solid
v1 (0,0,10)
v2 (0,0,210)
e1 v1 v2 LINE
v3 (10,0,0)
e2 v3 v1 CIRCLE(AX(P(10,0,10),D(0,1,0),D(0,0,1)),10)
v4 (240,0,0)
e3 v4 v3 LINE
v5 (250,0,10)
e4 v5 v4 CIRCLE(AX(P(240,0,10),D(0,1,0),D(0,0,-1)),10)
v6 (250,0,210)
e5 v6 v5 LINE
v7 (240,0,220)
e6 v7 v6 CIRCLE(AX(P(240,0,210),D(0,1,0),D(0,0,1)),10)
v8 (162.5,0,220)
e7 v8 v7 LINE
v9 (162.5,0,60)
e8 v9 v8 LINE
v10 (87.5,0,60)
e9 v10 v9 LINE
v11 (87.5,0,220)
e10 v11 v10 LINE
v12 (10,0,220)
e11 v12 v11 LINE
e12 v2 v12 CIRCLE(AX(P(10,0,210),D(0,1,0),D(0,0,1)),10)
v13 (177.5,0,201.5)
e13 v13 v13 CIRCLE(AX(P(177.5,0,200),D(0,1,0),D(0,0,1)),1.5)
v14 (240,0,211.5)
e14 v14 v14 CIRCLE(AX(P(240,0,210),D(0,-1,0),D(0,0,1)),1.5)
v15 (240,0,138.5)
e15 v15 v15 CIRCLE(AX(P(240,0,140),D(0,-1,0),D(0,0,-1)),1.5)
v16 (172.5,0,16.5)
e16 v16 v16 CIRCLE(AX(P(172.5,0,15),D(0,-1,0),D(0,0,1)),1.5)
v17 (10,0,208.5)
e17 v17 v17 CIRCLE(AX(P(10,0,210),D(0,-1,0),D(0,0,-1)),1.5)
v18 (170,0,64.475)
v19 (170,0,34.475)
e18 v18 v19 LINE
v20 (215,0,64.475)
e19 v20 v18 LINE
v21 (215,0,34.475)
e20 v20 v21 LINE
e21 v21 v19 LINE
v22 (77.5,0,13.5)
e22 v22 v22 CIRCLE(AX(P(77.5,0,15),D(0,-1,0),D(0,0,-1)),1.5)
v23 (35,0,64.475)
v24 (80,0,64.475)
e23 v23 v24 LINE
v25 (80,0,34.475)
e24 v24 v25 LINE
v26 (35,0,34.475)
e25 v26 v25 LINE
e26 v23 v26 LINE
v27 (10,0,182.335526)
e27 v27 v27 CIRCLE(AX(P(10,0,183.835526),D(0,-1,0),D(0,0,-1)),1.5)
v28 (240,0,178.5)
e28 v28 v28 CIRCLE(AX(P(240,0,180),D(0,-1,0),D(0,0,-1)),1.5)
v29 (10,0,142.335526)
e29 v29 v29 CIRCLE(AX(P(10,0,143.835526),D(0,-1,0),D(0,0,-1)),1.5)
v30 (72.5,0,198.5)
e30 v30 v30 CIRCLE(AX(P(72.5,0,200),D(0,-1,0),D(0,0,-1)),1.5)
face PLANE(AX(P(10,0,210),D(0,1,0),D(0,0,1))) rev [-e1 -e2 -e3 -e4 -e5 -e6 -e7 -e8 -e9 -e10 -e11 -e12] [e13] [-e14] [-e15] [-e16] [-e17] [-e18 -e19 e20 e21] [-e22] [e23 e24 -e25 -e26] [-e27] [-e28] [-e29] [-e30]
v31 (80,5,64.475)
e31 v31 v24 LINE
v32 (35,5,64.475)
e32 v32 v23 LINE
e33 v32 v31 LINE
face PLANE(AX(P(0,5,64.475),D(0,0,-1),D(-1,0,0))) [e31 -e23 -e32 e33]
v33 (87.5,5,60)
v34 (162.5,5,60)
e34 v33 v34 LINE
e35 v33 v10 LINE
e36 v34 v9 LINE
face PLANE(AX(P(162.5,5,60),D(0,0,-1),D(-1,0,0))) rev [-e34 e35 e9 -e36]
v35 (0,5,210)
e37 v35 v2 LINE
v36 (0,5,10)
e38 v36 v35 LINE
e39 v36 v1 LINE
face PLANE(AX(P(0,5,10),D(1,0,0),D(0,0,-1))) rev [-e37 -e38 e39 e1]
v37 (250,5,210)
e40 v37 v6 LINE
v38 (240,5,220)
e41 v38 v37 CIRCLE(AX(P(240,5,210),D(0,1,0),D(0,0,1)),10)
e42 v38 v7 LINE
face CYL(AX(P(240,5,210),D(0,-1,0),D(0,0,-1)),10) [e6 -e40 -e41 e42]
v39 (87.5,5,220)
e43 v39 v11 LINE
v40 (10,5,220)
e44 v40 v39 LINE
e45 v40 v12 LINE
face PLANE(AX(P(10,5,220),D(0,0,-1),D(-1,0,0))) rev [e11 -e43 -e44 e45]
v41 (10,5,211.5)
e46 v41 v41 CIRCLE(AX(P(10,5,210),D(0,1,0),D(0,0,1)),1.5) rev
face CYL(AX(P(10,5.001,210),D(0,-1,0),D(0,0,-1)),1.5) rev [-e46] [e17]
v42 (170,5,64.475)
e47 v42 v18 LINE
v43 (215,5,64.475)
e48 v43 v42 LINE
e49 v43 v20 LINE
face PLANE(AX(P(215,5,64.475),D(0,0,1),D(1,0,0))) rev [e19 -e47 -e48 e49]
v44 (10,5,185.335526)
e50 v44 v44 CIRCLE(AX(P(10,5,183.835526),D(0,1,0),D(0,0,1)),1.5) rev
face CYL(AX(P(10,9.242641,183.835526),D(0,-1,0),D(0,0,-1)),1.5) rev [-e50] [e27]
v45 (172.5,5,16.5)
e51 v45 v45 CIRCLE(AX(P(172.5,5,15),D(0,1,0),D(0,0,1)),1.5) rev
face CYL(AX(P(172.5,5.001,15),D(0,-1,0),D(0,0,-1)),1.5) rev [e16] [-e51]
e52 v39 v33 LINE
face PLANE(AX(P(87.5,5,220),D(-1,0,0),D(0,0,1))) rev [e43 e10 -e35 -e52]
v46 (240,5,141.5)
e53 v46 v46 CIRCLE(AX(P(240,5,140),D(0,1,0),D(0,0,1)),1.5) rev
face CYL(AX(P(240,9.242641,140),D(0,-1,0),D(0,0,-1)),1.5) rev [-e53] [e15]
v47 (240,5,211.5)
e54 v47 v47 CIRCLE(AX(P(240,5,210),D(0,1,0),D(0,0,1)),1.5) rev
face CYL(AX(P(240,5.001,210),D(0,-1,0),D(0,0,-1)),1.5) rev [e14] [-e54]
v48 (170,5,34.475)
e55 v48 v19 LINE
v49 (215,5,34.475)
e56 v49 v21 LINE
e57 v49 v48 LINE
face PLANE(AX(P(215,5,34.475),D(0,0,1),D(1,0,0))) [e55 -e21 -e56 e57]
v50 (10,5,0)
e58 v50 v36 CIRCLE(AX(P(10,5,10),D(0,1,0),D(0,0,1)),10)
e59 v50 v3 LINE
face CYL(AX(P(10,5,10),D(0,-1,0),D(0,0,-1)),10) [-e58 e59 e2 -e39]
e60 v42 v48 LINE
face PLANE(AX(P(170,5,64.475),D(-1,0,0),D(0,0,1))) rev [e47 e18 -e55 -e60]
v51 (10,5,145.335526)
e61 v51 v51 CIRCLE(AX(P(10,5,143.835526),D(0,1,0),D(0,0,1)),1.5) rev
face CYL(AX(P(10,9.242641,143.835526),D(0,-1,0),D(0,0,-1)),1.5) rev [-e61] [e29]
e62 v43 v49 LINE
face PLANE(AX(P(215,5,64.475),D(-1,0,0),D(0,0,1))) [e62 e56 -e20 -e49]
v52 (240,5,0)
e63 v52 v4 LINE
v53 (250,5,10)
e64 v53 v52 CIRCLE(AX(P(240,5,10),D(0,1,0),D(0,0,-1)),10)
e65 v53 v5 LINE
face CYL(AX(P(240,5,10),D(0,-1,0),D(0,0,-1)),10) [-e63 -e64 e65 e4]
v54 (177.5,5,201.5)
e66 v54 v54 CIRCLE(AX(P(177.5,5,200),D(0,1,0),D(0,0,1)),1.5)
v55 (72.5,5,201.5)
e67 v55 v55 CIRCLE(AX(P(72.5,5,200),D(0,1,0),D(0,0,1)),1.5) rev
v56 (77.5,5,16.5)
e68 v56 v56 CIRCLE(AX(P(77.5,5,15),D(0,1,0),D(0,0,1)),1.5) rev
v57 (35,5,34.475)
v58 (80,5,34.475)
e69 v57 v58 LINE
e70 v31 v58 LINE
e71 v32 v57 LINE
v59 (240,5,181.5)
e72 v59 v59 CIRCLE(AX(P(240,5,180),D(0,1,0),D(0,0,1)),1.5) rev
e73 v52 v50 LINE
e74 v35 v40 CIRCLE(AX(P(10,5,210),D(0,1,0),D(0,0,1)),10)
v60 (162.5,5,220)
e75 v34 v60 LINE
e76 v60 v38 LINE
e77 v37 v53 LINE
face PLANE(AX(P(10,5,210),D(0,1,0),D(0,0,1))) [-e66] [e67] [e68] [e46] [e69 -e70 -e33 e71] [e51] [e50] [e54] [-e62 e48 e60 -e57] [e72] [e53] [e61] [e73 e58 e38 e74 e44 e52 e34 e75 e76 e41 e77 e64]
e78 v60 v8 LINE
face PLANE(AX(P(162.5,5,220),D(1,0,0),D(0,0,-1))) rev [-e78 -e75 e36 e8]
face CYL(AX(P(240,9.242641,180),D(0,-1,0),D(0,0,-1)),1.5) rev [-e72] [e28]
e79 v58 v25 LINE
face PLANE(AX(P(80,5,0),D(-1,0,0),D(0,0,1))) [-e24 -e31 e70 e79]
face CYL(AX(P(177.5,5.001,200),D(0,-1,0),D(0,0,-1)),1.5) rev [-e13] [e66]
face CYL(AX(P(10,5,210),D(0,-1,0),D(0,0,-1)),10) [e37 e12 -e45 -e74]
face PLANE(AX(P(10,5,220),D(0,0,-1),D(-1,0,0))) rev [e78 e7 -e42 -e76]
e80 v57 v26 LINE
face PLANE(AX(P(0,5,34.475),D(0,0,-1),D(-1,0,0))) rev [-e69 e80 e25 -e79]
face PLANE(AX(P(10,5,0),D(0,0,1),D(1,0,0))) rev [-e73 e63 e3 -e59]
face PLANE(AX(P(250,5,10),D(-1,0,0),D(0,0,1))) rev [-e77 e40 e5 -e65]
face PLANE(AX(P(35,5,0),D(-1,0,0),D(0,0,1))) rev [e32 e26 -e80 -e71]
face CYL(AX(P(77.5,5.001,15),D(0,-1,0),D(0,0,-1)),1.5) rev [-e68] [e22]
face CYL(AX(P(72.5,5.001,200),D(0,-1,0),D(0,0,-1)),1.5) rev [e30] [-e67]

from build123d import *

# Parameters (mm, degrees)
EXTRUDE_1_DEPTH      = 5
SKETCH_4_W           = 45
SKETCH_4_H           = 30
CUT_EXTRUDE_3_DEPTH  = 5
SKETCH_5_W           = 75
SKETCH_5_H           = 160
CUT_EXTRUDE_4_DEPTH  = 5
CUT_EXTRUDE_5_REACH  = 335.054
SKETCH_6_R           = 1.5
CUT_EXTRUDE_9_REACH  = 335.054
SKETCH_9_R           = 1.5
SKETCH_11_R          = 1.5
CUT_EXTRUDE_10_DEPTH = 5


with BuildPart() as part:
    # 草图1 → 凸台-拉伸1 (new body)
    with BuildSketch(Plane(origin=(0, 0, 0), x_dir=(1, 0, 0), z_dir=(0, 1, 0))):
        with BuildLine():
            Line((10, 0), (240, 0))
            ThreePointArc((240, 0), (247.071067812, -2.928932188), (250, -10))
            Line((250, -10), (250, -210))
            ThreePointArc((250, -210), (247.071067812, -217.071067812), (240, -220))
            Line((240, -220), (10, -220))
            ThreePointArc((10, -220), (2.928932188, -217.071067812), (0, -210))
            Line((0, -210), (0, -10))
            ThreePointArc((0, -10), (2.928932188, -2.928932188), (10, 0))
        make_face()
    extrude(amount=EXTRUDE_1_DEPTH)

    # 草图4 → 切除-拉伸3 (cut)
    with BuildSketch(Plane.XZ):
        with Locations((192.5, 49.475)):
            Rectangle(SKETCH_4_W, SKETCH_4_H)
        with Locations((57.5, 49.475)):
            Rectangle(SKETCH_4_W, SKETCH_4_H)
    extrude(amount=-CUT_EXTRUDE_3_DEPTH, mode=Mode.SUBTRACT)

    # 草图5 → 切除-拉伸4 (cut)
    with BuildSketch(Plane.XZ):
        with Locations((125, 140)):
            Rectangle(SKETCH_5_W, SKETCH_5_H)
    extrude(amount=-CUT_EXTRUDE_4_DEPTH, mode=Mode.SUBTRACT)

    # 草图6 → 切除-拉伸5 (cut, up to next)
    with BuildSketch(Plane.XZ, mode=Mode.PRIVATE) as cut_extrude_5_sk1:
        with Locations(Location((72.5, 200, 0), (0, 0, 270))):
            Circle(SKETCH_6_R)
    cut_extrude_5_tool1 = extrude(cut_extrude_5_sk1.sketch, amount=-CUT_EXTRUDE_5_REACH, mode=Mode.PRIVATE) & part.part
    # 草图6 → 切除-拉伸5 (cut, up to next)
    with BuildSketch(Plane.XZ, mode=Mode.PRIVATE) as cut_extrude_5_sk2:
        with Locations(Location((177.5, 200, 0), (0, 0, 90))):
            Circle(SKETCH_6_R)
    cut_extrude_5_tool2 = extrude(cut_extrude_5_sk2.sketch, amount=-CUT_EXTRUDE_5_REACH, mode=Mode.PRIVATE) & part.part
    add(cut_extrude_5_tool1.solids().sort_by_distance((72.5, 0, 200))[0], mode=Mode.SUBTRACT)
    add(cut_extrude_5_tool2.solids().sort_by_distance((177.5, 0, 200))[0], mode=Mode.SUBTRACT)

    # 草图9 → 切除-拉伸9 (cut, up to next)
    with BuildSketch(Plane.XZ, mode=Mode.PRIVATE) as cut_extrude_9_sk1:
        with Locations(Location((77.5, 15, 0), (0, 0, 270))):
            Circle(SKETCH_9_R)
    cut_extrude_9_tool1 = extrude(cut_extrude_9_sk1.sketch, amount=-CUT_EXTRUDE_9_REACH, mode=Mode.PRIVATE) & part.part
    # 草图9 → 切除-拉伸9 (cut, up to next)
    with BuildSketch(Plane.XZ, mode=Mode.PRIVATE) as cut_extrude_9_sk2:
        with Locations(Location((10, 210, 0), (0, 0, 270))):
            Circle(SKETCH_9_R)
    cut_extrude_9_tool2 = extrude(cut_extrude_9_sk2.sketch, amount=-CUT_EXTRUDE_9_REACH, mode=Mode.PRIVATE) & part.part
    # 草图9 → 切除-拉伸9 (cut, up to next)
    with BuildSketch(Plane.XZ, mode=Mode.PRIVATE) as cut_extrude_9_sk3:
        with Locations(Location((240, 210, 0), (0, 0, 90))):
            Circle(SKETCH_9_R)
    cut_extrude_9_tool3 = extrude(cut_extrude_9_sk3.sketch, amount=-CUT_EXTRUDE_9_REACH, mode=Mode.PRIVATE) & part.part
    # 草图9 → 切除-拉伸9 (cut, up to next)
    with BuildSketch(Plane.XZ, mode=Mode.PRIVATE) as cut_extrude_9_sk4:
        with Locations(Location((172.5, 15, 0), (0, 0, 90))):
            Circle(SKETCH_9_R)
    cut_extrude_9_tool4 = extrude(cut_extrude_9_sk4.sketch, amount=-CUT_EXTRUDE_9_REACH, mode=Mode.PRIVATE) & part.part
    add(cut_extrude_9_tool1.solids().sort_by_distance((77.5, 0, 15))[0], mode=Mode.SUBTRACT)
    add(cut_extrude_9_tool2.solids().sort_by_distance((10, 0, 210))[0], mode=Mode.SUBTRACT)
    add(cut_extrude_9_tool3.solids().sort_by_distance((240, 0, 210))[0], mode=Mode.SUBTRACT)
    add(cut_extrude_9_tool4.solids().sort_by_distance((172.5, 0, 15))[0], mode=Mode.SUBTRACT)

    # 草图11 → 切除-拉伸10 (cut)
    with BuildSketch(Plane.XZ):
        with Locations(Location((240, 180, 0), (0, 0, 270))):
            Circle(SKETCH_11_R)
        with Locations(Location((240, 140, 0), (0, 0, 270))):
            Circle(SKETCH_11_R)
        with Locations(Location((10, 143.83552588, 0), (0, 0, 270))):
            Circle(SKETCH_11_R)
        with Locations(Location((10, 183.83552588, 0), (0, 0, 270))):
            Circle(SKETCH_11_R)
    extrude(amount=-CUT_EXTRUDE_10_DEPTH, mode=Mode.SUBTRACT)


solid = part.part
